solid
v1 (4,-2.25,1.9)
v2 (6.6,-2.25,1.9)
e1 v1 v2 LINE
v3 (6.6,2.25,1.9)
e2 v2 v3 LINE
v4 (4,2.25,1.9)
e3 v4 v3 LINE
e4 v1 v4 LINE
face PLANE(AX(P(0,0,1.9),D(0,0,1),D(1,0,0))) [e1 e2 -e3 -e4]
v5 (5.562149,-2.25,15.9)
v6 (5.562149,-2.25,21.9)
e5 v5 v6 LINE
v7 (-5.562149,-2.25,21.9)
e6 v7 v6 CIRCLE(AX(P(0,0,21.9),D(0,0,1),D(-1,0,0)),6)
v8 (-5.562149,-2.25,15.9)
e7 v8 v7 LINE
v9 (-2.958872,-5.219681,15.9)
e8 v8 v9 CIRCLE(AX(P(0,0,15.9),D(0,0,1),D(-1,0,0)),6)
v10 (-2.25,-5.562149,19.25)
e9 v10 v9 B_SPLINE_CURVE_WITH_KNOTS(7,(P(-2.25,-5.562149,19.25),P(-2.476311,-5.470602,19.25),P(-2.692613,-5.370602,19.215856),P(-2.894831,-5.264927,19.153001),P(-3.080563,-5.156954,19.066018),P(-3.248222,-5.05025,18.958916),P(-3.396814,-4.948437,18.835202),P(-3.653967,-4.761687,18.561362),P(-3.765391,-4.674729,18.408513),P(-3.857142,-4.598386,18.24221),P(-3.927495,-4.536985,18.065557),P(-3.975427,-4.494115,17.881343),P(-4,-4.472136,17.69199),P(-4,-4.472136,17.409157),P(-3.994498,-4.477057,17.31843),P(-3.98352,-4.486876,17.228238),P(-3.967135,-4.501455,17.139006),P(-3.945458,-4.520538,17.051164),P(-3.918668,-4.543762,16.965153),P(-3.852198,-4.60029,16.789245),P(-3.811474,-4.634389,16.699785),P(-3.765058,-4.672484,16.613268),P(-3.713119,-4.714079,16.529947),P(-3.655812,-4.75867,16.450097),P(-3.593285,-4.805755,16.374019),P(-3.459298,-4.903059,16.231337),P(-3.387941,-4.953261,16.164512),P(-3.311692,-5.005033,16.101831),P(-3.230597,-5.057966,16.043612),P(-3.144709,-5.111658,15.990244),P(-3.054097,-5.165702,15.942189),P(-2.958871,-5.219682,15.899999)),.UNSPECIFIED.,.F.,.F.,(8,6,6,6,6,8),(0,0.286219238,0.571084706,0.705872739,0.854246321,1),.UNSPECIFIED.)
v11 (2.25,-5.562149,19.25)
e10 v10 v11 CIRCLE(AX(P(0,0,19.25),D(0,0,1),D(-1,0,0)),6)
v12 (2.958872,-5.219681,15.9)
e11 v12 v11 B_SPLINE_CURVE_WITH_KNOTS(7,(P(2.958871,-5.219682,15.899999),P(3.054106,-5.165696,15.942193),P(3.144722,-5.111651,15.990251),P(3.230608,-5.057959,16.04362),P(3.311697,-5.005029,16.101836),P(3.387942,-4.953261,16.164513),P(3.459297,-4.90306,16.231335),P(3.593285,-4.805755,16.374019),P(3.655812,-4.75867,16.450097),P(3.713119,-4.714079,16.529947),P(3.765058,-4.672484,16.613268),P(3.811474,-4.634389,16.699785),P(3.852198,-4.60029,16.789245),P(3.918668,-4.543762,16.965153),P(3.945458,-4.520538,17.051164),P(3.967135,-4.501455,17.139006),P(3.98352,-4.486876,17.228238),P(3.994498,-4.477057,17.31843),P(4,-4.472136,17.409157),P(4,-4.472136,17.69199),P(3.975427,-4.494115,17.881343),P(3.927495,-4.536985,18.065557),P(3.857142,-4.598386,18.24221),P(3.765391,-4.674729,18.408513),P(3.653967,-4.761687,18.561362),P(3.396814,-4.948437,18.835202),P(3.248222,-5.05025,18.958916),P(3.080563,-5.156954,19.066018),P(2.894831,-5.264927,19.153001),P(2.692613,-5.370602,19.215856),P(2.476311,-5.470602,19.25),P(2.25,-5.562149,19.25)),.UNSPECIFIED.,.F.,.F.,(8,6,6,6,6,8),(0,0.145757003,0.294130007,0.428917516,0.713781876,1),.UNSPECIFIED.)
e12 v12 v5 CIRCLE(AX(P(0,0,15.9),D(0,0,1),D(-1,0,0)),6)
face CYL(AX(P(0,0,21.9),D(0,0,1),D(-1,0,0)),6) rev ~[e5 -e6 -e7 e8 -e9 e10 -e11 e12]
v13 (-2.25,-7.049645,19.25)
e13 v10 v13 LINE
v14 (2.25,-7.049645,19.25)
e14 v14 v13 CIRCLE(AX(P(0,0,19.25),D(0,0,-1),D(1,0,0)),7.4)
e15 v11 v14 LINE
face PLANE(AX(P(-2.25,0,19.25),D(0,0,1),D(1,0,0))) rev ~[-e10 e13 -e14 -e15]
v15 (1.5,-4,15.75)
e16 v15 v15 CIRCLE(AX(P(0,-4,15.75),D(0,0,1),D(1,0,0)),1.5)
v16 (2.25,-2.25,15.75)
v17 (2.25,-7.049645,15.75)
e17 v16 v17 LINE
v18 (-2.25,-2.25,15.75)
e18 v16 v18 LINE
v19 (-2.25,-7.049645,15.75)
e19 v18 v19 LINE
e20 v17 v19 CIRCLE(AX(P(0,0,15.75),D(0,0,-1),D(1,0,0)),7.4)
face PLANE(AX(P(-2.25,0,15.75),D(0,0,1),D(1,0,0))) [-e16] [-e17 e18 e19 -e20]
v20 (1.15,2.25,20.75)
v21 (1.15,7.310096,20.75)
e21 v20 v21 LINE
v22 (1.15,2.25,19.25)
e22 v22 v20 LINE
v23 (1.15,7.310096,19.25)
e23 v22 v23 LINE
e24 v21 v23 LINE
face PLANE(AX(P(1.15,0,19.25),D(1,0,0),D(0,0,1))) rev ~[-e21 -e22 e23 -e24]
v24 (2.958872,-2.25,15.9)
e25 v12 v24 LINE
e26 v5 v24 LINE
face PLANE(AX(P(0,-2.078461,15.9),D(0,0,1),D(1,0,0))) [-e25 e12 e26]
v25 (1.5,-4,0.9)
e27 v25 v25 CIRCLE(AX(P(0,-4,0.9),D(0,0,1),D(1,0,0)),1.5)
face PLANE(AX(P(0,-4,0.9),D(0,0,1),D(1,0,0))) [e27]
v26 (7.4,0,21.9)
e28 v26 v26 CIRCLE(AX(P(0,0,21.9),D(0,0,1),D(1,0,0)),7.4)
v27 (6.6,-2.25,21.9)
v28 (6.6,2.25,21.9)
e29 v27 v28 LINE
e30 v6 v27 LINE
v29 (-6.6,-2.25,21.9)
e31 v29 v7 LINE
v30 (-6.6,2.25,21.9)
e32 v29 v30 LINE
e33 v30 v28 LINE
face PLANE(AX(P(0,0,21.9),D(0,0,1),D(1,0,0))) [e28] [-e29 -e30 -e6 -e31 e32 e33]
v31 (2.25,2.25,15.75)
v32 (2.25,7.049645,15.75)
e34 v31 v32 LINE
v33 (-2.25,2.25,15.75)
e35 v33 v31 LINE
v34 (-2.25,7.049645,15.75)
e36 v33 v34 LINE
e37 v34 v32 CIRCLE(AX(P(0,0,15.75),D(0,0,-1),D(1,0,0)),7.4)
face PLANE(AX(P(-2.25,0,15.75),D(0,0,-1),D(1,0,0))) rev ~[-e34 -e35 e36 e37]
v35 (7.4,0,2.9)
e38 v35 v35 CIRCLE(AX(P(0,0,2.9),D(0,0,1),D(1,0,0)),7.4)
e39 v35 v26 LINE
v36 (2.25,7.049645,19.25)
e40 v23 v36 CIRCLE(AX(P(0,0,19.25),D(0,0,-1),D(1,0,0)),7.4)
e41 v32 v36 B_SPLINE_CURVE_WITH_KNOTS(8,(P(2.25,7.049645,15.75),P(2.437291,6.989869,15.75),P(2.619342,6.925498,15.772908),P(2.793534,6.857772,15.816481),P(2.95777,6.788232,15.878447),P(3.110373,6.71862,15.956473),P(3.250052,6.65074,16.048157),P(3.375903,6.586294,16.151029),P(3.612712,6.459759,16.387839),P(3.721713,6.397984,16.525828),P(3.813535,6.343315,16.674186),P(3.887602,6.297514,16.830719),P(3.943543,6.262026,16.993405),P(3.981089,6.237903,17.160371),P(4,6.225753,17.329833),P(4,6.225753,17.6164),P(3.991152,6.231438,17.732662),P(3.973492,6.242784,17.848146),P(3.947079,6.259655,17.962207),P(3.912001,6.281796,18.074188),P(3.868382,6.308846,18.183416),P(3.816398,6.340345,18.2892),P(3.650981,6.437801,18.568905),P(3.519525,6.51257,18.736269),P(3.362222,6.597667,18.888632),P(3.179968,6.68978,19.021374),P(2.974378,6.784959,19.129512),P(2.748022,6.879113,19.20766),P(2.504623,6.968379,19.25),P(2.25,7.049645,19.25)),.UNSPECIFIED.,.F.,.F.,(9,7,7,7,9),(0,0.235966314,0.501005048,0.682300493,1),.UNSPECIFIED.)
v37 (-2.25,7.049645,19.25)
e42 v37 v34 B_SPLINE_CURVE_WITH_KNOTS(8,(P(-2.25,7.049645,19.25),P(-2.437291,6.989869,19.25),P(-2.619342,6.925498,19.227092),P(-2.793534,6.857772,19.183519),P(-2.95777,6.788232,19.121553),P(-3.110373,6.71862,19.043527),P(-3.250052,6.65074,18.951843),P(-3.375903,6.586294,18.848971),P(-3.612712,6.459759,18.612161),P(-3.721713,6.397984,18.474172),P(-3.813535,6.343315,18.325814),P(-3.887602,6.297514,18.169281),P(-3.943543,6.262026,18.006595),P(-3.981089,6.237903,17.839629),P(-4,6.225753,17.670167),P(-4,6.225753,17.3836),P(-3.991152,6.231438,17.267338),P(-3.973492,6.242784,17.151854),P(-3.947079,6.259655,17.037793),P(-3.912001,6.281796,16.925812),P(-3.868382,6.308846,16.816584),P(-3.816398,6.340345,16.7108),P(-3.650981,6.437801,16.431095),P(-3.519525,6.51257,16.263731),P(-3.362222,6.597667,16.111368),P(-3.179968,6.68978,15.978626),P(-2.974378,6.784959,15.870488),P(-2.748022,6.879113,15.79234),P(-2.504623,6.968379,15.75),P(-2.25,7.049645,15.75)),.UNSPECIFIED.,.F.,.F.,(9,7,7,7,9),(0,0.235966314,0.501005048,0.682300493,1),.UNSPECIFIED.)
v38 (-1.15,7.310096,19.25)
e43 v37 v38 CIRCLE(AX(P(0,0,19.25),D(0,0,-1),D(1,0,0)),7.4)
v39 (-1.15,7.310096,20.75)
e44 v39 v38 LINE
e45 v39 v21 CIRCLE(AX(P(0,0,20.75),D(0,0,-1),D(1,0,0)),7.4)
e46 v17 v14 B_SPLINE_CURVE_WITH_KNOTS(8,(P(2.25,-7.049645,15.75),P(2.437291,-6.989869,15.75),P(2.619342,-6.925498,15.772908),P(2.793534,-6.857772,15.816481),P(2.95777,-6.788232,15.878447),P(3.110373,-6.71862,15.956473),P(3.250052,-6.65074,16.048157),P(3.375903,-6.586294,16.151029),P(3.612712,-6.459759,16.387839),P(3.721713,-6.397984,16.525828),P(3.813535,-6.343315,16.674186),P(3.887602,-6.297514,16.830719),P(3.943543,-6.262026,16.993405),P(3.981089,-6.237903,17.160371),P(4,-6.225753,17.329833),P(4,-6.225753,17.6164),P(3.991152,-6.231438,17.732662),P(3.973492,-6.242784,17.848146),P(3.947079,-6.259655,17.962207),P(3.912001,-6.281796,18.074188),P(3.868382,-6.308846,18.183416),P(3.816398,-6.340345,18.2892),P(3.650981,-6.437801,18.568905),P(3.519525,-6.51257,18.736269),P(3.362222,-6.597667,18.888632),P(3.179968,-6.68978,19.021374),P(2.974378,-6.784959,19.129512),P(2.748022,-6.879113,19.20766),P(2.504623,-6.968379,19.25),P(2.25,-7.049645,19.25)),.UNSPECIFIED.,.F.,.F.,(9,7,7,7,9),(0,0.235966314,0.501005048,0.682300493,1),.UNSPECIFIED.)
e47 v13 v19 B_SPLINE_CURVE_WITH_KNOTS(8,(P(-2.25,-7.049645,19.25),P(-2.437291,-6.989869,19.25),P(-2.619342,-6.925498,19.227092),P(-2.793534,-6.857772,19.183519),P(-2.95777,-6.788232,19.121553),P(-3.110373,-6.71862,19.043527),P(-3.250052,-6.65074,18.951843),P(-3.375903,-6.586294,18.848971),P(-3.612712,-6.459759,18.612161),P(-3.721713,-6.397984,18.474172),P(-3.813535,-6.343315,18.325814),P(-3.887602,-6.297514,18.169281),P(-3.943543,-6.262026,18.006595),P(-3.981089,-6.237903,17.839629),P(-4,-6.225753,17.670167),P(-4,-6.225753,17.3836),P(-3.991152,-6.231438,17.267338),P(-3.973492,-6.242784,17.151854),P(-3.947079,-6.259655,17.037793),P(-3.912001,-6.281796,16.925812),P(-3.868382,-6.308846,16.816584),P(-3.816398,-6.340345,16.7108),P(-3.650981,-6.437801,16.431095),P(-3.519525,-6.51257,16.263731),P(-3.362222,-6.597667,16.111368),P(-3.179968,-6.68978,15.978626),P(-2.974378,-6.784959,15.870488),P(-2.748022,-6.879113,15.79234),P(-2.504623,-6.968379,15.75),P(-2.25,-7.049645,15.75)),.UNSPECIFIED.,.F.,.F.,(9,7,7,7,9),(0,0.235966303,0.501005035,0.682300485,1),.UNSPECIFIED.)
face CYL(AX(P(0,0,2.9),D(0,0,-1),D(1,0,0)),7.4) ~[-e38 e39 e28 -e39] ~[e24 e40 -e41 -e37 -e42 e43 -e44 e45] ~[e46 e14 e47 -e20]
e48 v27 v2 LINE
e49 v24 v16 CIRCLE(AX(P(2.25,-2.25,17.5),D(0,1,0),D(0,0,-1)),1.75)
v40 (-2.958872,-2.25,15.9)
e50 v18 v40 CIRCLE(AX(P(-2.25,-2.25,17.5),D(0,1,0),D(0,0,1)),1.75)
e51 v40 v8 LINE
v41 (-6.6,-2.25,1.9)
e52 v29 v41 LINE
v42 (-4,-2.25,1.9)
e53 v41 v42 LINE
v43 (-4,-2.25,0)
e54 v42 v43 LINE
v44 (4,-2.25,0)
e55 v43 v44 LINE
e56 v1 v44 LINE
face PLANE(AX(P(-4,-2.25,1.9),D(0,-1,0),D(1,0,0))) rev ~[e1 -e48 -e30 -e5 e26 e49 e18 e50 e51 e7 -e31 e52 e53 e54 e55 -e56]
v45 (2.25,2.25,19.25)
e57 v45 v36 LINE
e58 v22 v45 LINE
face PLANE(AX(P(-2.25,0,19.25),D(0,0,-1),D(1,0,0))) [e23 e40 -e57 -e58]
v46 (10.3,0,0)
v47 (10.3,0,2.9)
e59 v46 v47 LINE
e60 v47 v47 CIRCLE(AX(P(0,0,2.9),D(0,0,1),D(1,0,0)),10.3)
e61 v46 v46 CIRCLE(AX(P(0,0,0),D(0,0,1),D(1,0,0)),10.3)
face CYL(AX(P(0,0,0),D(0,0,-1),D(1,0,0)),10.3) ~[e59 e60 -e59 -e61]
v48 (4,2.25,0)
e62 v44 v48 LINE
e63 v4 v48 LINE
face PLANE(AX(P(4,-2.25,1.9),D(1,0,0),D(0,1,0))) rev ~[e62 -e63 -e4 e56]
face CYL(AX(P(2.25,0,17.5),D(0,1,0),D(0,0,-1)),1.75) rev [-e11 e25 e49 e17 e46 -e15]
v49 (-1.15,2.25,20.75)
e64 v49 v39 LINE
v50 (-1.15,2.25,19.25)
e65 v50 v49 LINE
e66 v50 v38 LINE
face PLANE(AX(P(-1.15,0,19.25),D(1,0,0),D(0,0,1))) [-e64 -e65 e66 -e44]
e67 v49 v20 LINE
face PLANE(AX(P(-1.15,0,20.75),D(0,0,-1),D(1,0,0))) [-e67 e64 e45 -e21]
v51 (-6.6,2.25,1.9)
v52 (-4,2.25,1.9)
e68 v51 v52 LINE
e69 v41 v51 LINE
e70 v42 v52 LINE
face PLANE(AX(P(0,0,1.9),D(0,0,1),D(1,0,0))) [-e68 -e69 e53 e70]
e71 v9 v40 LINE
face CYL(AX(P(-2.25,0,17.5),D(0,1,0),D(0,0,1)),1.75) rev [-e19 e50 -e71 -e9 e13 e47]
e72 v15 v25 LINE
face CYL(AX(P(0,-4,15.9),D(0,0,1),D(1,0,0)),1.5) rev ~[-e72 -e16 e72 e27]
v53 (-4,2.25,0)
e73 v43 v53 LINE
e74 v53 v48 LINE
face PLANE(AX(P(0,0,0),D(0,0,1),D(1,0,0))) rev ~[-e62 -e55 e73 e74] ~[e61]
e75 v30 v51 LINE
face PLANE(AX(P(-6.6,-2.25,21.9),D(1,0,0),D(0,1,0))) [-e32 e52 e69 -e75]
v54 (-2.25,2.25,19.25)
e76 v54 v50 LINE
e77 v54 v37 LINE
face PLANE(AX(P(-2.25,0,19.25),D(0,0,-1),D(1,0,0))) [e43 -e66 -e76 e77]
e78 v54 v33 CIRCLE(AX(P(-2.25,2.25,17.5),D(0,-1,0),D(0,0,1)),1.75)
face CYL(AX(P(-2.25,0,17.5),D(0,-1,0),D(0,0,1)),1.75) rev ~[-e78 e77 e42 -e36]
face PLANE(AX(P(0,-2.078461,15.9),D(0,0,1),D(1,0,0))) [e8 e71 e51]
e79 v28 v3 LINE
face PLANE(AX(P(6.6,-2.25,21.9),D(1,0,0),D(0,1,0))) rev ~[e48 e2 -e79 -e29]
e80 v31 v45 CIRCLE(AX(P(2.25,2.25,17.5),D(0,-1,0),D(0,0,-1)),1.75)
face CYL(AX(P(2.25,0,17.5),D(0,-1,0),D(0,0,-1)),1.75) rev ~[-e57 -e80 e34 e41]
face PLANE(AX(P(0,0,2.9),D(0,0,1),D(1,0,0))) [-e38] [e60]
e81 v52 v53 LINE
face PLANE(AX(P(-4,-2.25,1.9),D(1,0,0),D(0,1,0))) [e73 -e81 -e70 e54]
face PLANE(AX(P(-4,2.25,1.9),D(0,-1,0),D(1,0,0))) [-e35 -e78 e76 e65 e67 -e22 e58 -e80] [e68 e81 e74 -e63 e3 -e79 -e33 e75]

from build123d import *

# Parameters (mm, degrees)
SKETCH_R             = 10.3
PAD_DEPTH            = 2.9
SKETCH001_R          = 7.4
PAD001_DEPTH         = 19
SKETCH002_W          = 13.2
SKETCH002_H          = 4.5
POCKET_DEPTH         = 20
SKETCH003_W          = 8
SKETCH003_H          = 4.5
POCKET001_DEPTH      = 1.901
POCKET002_DEPTH      = 6
SKETCH005_R          = 1.5
POCKET003_DEPTH      = 15
POCKET004_DEPTH      = 20
POCKET004_DEPTH_BACK = -20
SKETCH007_W          = 2.3
SKETCH007_H          = 1.5
POCKET005_DEPTH      = 10.301


with BuildPart() as part:
    # Sketch → Pad (new body)
    with BuildSketch(Plane.XY):
        Circle(SKETCH_R)
    extrude(amount=PAD_DEPTH)

    # Sketch001 (on Face3 of Pad) → Pad001 (join)
    with BuildSketch(Plane.XY.offset(2.9)):
        Circle(SKETCH001_R)
    extrude(amount=PAD001_DEPTH)

    # Sketch002 (on Face5 of Pad001) → Pocket (cut)
    with BuildSketch(Plane.XY.offset(21.9)):
        Rectangle(SKETCH002_W, SKETCH002_H)
    extrude(amount=-POCKET_DEPTH, mode=Mode.SUBTRACT)

    # Sketch003 (on Face10 of Pocket) → Pocket001 (cut, through all)
    with BuildSketch(Plane.XY.offset(1.9)):
        Rectangle(SKETCH003_W, SKETCH003_H)
    extrude(amount=-POCKET001_DEPTH, mode=Mode.SUBTRACT)

    # Sketch004 (on Face9 of Pocket001) → Pocket002 (cut)
    with BuildSketch(Plane.XY.offset(21.9)):
        with BuildLine():
            ThreePointArc((-6, 0), (0, -6), (6, 0))
            Line((-6, 0), (6, 0))
        make_face()
    extrude(amount=-POCKET002_DEPTH, mode=Mode.SUBTRACT)

    # Sketch005 (on Face13 of Pocket002) → Pocket003 (cut)
    with BuildSketch(Plane.XY.offset(15.9)):
        with Locations((0, -4)):
            Circle(SKETCH005_R)
    extrude(amount=-POCKET003_DEPTH, mode=Mode.SUBTRACT)

    # Sketch006 → Pocket004 (cut, two sides)
    with BuildSketch(Plane.XZ) as pocket004_sk:
        with BuildLine():
            ThreePointArc((-2.25, 19.25), (-4, 17.5), (-2.25, 15.75))
            Line((-2.25, 15.75), (2.25, 15.75))
            ThreePointArc((2.25, 15.75), (4, 17.5), (2.25, 19.25))
            Line((-2.25, 19.25), (2.25, 19.25))
        make_face()
    extrude(amount=-POCKET004_DEPTH, mode=Mode.SUBTRACT)
    extrude(pocket004_sk.sketch, amount=-POCKET004_DEPTH_BACK, mode=Mode.SUBTRACT)

    # Sketch007 → Pocket005 (cut, through all)
    with BuildSketch(Plane.XZ):
        with Locations((0, 20)):
            Rectangle(SKETCH007_W, SKETCH007_H)
    extrude(amount=-POCKET005_DEPTH, mode=Mode.SUBTRACT)


solid = part.part
